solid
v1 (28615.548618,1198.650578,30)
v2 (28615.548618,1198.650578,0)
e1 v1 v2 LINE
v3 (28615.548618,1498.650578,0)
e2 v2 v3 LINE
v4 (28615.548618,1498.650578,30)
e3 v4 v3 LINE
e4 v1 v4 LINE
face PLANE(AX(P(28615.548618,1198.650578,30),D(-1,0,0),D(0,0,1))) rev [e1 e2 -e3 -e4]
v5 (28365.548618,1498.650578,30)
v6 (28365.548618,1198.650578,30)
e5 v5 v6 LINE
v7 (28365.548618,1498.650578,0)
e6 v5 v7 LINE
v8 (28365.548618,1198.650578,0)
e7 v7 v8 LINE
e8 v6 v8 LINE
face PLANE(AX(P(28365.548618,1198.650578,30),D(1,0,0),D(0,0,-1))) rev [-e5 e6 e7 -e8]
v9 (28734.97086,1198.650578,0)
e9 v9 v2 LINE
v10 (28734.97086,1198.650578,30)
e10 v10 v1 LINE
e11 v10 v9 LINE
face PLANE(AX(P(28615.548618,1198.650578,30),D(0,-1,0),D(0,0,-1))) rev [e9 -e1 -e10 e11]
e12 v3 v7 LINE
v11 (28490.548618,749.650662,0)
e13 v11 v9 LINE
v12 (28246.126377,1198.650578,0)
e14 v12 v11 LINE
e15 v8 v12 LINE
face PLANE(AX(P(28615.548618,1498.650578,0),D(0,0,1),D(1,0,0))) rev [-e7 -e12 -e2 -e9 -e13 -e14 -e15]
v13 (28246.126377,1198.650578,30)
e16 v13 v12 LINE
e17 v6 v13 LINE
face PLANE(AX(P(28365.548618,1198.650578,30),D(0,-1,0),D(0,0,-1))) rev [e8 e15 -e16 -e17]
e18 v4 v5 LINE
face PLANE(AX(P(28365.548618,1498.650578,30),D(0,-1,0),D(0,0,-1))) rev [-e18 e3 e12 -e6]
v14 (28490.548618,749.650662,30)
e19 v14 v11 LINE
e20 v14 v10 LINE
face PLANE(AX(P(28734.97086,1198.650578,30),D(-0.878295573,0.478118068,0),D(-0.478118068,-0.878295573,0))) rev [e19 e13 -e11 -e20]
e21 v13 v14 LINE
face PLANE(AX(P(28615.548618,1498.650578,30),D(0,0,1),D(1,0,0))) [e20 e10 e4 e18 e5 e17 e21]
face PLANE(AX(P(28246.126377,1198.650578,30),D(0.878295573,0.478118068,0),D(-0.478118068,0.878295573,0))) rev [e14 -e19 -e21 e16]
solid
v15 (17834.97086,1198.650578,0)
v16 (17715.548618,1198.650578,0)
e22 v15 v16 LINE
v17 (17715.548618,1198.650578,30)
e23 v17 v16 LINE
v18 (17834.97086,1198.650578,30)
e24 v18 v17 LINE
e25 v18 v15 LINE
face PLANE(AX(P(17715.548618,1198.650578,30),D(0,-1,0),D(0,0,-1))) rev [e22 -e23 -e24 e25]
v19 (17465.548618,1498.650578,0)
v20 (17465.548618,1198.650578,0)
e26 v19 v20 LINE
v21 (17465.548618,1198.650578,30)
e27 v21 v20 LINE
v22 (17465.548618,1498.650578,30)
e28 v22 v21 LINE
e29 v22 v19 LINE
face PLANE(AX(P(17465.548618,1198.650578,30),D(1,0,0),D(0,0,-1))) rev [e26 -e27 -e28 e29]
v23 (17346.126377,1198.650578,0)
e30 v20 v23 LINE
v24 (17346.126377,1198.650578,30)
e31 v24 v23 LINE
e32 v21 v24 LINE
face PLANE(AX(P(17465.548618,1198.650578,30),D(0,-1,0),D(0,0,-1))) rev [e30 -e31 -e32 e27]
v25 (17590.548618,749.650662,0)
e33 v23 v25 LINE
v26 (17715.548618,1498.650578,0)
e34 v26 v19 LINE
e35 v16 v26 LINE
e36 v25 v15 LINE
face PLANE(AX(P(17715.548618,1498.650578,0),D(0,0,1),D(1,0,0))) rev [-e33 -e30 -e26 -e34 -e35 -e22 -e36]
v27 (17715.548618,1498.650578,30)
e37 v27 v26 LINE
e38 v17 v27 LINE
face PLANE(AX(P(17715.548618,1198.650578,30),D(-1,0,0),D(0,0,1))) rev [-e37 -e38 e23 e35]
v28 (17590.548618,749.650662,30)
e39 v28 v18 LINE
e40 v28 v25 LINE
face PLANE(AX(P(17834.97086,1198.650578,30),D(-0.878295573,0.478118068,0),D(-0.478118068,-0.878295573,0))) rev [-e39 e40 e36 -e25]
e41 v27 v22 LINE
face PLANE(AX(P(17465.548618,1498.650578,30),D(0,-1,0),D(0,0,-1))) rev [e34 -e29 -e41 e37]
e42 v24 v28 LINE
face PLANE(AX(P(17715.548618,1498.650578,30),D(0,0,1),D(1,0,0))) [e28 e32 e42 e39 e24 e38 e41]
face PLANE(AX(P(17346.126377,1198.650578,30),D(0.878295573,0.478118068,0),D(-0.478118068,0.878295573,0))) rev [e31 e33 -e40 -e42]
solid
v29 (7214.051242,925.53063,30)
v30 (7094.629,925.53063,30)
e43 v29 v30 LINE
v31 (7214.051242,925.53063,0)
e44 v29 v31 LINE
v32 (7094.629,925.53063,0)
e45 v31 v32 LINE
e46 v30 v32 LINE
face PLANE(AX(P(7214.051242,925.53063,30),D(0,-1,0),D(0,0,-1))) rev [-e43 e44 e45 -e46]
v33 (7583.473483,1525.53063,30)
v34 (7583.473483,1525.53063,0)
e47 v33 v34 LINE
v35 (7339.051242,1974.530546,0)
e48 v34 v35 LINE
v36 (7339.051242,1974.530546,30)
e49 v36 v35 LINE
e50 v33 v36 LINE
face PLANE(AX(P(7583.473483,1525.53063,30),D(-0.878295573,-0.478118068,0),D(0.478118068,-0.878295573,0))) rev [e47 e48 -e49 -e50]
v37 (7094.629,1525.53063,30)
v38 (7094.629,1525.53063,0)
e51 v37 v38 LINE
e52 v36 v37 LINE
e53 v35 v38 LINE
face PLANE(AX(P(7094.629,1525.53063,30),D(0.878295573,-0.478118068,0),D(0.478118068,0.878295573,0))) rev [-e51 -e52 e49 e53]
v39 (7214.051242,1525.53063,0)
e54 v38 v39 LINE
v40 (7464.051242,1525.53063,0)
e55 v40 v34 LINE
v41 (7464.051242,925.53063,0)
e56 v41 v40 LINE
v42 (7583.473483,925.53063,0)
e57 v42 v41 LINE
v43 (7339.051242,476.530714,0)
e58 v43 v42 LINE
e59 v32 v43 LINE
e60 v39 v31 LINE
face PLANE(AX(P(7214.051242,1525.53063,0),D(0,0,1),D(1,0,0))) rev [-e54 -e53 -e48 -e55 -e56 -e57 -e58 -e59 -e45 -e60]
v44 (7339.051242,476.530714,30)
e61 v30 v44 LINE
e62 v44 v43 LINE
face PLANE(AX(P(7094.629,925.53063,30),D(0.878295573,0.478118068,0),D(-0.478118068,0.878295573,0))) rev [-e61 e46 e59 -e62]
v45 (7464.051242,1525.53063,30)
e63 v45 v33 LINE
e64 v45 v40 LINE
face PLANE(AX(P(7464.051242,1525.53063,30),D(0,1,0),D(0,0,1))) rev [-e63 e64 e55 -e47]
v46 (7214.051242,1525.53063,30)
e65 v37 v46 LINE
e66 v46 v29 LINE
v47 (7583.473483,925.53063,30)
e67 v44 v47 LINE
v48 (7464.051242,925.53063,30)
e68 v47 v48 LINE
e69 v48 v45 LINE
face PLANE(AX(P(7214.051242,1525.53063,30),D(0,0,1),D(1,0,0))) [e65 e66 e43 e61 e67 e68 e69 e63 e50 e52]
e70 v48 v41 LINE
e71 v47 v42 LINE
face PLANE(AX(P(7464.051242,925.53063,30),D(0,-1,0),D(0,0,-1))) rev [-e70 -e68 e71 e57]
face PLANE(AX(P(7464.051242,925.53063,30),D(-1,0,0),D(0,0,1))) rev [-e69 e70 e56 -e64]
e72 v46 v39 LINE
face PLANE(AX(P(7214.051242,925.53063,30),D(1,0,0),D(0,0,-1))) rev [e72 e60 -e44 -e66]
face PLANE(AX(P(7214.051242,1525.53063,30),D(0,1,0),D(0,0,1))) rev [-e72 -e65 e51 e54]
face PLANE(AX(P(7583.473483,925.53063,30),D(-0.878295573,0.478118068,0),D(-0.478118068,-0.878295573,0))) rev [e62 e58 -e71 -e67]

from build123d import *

# Parameters (mm, degrees)
BOSS_EXTRUDE1_DEPTH   = 30
BOSS_EXTRUDE1_2_DEPTH = 30
BOSS_EXTRUDE1_3_DEPTH = 30


with BuildPart() as part:
    # Sketch1 → Boss-Extrude1 (new body)
    with BuildSketch(Plane.XY):
        Polygon((7464.051241567, 925.53062986), (7464.051241567, 1525.53062986), (7583.473483246, 1525.53062986), (7339.051241567, 1974.530546162), (7094.628999888, 1525.53062986), (7214.051241567, 1525.53062986), (7214.051241567, 925.53062986), (7094.628999888, 925.53062986), (7339.051241567, 476.530713559), (7583.473483246, 925.53062986), align=None)
    extrude(amount=BOSS_EXTRUDE1_DEPTH)


with BuildPart() as body_2:
    # Sketch1 → Boss-Extrude1 2 (new body)
    with BuildSketch(Plane.XY):
        Polygon((17715.548618468, 1198.65057849), (17715.548618468, 1498.65057849), (17465.548618468, 1498.65057849), (17465.548618468, 1198.65057849), (17346.126376789, 1198.65057849), (17590.548618468, 749.650662188), (17834.970860147, 1198.65057849), align=None)
    extrude(amount=BOSS_EXTRUDE1_2_DEPTH)


with BuildPart() as body_3:
    # Sketch1 → Boss-Extrude1 3 (new body)
    with BuildSketch(Plane.XY):
        Polygon((28734.970860147, 1198.65057849), (28490.548618468, 749.650662188), (28246.126376789, 1198.65057849), (28365.548618468, 1198.65057849), (28365.548618468, 1498.65057849), (28615.548618468, 1498.65057849), (28615.548618468, 1198.65057849), align=None)
    extrude(amount=BOSS_EXTRUDE1_3_DEPTH)


solid = Compound([part.part, body_2.part, body_3.part])
